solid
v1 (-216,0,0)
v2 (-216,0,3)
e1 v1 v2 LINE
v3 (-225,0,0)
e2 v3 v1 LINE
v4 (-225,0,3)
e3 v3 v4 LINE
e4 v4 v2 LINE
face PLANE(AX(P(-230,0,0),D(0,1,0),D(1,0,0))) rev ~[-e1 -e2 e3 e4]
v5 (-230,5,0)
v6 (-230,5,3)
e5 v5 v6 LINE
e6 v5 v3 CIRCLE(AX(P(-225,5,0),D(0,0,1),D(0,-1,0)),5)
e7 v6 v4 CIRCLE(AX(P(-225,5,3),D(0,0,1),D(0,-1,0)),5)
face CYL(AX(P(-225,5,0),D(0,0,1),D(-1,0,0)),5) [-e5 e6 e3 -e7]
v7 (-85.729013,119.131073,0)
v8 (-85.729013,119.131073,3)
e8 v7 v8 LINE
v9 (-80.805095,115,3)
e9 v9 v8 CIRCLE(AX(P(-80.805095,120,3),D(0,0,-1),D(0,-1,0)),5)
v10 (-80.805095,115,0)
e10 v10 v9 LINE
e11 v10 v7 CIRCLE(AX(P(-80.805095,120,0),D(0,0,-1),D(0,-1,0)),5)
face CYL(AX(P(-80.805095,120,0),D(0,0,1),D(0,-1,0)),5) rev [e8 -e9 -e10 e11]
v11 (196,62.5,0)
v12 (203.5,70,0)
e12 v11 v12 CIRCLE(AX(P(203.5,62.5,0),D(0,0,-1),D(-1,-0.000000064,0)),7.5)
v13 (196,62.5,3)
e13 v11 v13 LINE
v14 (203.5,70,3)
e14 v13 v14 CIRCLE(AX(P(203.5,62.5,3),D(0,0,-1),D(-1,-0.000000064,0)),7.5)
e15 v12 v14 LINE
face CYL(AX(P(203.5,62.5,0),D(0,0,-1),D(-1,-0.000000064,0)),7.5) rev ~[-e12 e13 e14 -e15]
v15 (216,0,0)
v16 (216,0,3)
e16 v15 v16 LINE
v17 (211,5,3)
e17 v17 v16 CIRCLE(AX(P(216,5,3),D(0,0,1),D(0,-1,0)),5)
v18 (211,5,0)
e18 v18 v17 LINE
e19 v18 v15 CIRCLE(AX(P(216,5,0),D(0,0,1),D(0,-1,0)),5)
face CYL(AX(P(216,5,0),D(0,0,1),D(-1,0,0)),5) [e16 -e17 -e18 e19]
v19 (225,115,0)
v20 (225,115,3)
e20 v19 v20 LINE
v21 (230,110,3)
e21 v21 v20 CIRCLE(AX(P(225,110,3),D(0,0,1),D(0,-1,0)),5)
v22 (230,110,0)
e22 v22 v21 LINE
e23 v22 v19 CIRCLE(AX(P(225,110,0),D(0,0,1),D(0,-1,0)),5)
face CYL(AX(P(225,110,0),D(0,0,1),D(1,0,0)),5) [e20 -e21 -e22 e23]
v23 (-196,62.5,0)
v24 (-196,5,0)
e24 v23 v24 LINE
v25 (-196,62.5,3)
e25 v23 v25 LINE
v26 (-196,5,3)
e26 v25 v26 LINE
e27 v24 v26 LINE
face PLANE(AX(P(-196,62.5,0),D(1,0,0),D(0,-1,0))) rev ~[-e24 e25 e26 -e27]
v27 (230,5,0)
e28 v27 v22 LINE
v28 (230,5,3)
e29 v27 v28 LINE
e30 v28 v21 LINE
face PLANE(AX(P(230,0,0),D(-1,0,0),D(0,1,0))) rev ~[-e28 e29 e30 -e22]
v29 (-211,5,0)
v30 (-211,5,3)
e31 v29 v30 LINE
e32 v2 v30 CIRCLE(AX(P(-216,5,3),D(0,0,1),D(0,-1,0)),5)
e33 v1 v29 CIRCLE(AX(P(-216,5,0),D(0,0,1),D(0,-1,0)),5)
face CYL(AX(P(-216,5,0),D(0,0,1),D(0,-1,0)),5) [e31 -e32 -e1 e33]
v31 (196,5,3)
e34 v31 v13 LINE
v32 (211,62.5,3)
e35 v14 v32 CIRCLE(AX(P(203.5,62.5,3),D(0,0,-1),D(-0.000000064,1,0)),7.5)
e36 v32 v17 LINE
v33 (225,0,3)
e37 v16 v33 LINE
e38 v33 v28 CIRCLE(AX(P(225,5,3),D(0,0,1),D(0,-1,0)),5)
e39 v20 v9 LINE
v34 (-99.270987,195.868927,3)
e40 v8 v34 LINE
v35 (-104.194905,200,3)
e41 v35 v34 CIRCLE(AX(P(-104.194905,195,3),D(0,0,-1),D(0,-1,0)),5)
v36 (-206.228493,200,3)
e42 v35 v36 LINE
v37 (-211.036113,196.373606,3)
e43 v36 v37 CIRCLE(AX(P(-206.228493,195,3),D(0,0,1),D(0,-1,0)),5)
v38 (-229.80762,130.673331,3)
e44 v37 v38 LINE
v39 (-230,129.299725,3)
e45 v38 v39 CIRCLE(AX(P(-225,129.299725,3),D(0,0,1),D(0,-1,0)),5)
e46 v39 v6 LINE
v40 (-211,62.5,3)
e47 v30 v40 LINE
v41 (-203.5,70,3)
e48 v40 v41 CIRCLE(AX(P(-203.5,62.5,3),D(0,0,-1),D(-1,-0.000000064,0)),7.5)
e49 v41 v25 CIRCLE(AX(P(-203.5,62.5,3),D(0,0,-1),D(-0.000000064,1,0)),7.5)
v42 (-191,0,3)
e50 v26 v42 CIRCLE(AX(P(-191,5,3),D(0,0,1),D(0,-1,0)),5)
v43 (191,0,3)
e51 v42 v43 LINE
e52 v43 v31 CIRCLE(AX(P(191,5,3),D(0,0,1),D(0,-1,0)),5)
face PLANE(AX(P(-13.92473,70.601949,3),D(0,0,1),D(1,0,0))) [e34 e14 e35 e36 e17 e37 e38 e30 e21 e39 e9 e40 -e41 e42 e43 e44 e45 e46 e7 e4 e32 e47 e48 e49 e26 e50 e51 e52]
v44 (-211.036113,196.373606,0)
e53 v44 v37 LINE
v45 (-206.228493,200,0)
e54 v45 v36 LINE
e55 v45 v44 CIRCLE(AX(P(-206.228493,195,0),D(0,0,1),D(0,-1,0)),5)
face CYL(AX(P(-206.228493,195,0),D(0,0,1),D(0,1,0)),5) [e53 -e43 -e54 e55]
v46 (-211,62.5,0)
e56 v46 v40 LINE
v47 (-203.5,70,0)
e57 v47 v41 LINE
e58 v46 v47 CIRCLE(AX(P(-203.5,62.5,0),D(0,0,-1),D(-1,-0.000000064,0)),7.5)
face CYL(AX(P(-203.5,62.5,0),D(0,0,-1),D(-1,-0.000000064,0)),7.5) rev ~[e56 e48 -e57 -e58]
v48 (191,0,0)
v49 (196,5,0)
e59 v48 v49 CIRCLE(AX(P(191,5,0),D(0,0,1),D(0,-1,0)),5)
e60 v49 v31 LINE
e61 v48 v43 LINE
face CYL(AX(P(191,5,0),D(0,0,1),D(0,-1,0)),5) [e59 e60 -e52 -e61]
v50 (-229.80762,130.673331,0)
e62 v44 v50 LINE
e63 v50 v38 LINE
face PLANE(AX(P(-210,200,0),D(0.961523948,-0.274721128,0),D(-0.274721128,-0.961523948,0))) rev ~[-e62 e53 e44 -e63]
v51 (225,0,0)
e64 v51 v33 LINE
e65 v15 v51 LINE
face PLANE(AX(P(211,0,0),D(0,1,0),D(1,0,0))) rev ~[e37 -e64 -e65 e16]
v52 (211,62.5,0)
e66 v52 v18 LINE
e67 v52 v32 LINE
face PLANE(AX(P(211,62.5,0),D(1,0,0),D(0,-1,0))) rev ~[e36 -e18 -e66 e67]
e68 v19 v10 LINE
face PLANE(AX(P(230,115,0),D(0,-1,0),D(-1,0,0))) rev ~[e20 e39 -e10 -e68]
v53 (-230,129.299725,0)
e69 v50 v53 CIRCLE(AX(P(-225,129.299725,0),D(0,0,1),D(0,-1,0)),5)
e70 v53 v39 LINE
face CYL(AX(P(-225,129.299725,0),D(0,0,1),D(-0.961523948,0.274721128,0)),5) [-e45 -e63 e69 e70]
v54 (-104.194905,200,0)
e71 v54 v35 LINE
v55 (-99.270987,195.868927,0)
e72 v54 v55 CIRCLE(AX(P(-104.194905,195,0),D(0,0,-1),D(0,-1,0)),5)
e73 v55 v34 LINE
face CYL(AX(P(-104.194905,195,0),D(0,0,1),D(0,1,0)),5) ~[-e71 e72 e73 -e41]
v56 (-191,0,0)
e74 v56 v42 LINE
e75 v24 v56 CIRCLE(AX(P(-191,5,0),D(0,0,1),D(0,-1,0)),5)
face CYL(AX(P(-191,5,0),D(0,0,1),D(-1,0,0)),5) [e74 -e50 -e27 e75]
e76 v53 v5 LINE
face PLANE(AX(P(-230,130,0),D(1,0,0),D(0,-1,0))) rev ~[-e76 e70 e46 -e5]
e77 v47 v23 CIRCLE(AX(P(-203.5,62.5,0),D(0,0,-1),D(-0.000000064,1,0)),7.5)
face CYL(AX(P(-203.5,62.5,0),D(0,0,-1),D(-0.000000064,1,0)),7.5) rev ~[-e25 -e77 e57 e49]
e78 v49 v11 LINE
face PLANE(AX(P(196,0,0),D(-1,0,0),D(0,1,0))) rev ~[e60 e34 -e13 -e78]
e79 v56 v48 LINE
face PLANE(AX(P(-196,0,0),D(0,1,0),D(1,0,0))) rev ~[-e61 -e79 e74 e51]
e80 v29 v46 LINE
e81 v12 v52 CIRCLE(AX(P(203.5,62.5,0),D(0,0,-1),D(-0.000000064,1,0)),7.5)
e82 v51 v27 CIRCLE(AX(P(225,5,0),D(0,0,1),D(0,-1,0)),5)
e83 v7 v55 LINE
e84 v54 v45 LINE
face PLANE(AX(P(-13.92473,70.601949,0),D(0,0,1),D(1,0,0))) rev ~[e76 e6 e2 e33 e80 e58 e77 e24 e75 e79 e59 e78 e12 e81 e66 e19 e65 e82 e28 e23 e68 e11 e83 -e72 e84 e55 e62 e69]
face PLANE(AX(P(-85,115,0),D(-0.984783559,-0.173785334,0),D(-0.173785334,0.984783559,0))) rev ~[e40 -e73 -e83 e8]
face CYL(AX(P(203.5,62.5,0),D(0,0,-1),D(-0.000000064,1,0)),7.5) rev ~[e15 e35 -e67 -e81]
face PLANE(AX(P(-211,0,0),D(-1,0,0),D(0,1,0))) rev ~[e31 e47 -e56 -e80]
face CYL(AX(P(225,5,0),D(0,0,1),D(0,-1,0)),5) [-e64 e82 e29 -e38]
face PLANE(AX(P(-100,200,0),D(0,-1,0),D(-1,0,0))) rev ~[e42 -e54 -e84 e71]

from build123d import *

# Parameters (mm, degrees)
F1_DEPTH = 3
F2_R     = 5


with BuildPart() as f1:
    # F0 (on Top) → F1 (new body)
    with BuildSketch(Plane.XY):
        with BuildLine():
            Line((-100, 200), (-210, 200))
            Line((-210, 200), (-230, 130))
            Line((-230, 130), (-230, 0))
            Line((-230, 0), (-211, 0))
            Line((-211, 0), (-211, 62.5))
            ThreePointArc((-211, 62.5), (-208.803301, 67.803301), (-203.5, 70))
            ThreePointArc((-203.5, 70), (-198.196699, 67.803301), (-196, 62.5))
            Line((-196, 62.5), (-196, 0))
            Line((-196, 0), (196, 0))
            Line((196, 0), (196, 62.5))
            ThreePointArc((196, 62.5), (198.196699, 67.803301), (203.5, 70))
            ThreePointArc((203.5, 70), (208.803301, 67.803301), (211, 62.5))
            Line((211, 62.5), (211, 0))
            Line((211, 0), (230, 0))
            Line((230, 0), (230, 115))
            Line((230, 115), (-85, 115))
            Line((-85, 115), (-100, 200))
        make_face()
    extrude(amount=F1_DEPTH)

    # F2
    f2_edges = [f1.edges().sort_by_distance(p)[0] for p in [
        (-211, 0, 1.5),
        (-196, 0, 1.5),
        (196, 0, 1.5),
        (211, 0, 1.5),
        (-230, 0, 1.5),
        (-230, 130, 1.5),
        (-210, 200, 1.5),
        (-100, 200, 1.5),
        (-85, 115, 1.5),
        (230, 115, 1.5),
        (230, 0, 1.5),
    ]]
    fillet(f2_edges, radius=F2_R)


solid = f1.part
